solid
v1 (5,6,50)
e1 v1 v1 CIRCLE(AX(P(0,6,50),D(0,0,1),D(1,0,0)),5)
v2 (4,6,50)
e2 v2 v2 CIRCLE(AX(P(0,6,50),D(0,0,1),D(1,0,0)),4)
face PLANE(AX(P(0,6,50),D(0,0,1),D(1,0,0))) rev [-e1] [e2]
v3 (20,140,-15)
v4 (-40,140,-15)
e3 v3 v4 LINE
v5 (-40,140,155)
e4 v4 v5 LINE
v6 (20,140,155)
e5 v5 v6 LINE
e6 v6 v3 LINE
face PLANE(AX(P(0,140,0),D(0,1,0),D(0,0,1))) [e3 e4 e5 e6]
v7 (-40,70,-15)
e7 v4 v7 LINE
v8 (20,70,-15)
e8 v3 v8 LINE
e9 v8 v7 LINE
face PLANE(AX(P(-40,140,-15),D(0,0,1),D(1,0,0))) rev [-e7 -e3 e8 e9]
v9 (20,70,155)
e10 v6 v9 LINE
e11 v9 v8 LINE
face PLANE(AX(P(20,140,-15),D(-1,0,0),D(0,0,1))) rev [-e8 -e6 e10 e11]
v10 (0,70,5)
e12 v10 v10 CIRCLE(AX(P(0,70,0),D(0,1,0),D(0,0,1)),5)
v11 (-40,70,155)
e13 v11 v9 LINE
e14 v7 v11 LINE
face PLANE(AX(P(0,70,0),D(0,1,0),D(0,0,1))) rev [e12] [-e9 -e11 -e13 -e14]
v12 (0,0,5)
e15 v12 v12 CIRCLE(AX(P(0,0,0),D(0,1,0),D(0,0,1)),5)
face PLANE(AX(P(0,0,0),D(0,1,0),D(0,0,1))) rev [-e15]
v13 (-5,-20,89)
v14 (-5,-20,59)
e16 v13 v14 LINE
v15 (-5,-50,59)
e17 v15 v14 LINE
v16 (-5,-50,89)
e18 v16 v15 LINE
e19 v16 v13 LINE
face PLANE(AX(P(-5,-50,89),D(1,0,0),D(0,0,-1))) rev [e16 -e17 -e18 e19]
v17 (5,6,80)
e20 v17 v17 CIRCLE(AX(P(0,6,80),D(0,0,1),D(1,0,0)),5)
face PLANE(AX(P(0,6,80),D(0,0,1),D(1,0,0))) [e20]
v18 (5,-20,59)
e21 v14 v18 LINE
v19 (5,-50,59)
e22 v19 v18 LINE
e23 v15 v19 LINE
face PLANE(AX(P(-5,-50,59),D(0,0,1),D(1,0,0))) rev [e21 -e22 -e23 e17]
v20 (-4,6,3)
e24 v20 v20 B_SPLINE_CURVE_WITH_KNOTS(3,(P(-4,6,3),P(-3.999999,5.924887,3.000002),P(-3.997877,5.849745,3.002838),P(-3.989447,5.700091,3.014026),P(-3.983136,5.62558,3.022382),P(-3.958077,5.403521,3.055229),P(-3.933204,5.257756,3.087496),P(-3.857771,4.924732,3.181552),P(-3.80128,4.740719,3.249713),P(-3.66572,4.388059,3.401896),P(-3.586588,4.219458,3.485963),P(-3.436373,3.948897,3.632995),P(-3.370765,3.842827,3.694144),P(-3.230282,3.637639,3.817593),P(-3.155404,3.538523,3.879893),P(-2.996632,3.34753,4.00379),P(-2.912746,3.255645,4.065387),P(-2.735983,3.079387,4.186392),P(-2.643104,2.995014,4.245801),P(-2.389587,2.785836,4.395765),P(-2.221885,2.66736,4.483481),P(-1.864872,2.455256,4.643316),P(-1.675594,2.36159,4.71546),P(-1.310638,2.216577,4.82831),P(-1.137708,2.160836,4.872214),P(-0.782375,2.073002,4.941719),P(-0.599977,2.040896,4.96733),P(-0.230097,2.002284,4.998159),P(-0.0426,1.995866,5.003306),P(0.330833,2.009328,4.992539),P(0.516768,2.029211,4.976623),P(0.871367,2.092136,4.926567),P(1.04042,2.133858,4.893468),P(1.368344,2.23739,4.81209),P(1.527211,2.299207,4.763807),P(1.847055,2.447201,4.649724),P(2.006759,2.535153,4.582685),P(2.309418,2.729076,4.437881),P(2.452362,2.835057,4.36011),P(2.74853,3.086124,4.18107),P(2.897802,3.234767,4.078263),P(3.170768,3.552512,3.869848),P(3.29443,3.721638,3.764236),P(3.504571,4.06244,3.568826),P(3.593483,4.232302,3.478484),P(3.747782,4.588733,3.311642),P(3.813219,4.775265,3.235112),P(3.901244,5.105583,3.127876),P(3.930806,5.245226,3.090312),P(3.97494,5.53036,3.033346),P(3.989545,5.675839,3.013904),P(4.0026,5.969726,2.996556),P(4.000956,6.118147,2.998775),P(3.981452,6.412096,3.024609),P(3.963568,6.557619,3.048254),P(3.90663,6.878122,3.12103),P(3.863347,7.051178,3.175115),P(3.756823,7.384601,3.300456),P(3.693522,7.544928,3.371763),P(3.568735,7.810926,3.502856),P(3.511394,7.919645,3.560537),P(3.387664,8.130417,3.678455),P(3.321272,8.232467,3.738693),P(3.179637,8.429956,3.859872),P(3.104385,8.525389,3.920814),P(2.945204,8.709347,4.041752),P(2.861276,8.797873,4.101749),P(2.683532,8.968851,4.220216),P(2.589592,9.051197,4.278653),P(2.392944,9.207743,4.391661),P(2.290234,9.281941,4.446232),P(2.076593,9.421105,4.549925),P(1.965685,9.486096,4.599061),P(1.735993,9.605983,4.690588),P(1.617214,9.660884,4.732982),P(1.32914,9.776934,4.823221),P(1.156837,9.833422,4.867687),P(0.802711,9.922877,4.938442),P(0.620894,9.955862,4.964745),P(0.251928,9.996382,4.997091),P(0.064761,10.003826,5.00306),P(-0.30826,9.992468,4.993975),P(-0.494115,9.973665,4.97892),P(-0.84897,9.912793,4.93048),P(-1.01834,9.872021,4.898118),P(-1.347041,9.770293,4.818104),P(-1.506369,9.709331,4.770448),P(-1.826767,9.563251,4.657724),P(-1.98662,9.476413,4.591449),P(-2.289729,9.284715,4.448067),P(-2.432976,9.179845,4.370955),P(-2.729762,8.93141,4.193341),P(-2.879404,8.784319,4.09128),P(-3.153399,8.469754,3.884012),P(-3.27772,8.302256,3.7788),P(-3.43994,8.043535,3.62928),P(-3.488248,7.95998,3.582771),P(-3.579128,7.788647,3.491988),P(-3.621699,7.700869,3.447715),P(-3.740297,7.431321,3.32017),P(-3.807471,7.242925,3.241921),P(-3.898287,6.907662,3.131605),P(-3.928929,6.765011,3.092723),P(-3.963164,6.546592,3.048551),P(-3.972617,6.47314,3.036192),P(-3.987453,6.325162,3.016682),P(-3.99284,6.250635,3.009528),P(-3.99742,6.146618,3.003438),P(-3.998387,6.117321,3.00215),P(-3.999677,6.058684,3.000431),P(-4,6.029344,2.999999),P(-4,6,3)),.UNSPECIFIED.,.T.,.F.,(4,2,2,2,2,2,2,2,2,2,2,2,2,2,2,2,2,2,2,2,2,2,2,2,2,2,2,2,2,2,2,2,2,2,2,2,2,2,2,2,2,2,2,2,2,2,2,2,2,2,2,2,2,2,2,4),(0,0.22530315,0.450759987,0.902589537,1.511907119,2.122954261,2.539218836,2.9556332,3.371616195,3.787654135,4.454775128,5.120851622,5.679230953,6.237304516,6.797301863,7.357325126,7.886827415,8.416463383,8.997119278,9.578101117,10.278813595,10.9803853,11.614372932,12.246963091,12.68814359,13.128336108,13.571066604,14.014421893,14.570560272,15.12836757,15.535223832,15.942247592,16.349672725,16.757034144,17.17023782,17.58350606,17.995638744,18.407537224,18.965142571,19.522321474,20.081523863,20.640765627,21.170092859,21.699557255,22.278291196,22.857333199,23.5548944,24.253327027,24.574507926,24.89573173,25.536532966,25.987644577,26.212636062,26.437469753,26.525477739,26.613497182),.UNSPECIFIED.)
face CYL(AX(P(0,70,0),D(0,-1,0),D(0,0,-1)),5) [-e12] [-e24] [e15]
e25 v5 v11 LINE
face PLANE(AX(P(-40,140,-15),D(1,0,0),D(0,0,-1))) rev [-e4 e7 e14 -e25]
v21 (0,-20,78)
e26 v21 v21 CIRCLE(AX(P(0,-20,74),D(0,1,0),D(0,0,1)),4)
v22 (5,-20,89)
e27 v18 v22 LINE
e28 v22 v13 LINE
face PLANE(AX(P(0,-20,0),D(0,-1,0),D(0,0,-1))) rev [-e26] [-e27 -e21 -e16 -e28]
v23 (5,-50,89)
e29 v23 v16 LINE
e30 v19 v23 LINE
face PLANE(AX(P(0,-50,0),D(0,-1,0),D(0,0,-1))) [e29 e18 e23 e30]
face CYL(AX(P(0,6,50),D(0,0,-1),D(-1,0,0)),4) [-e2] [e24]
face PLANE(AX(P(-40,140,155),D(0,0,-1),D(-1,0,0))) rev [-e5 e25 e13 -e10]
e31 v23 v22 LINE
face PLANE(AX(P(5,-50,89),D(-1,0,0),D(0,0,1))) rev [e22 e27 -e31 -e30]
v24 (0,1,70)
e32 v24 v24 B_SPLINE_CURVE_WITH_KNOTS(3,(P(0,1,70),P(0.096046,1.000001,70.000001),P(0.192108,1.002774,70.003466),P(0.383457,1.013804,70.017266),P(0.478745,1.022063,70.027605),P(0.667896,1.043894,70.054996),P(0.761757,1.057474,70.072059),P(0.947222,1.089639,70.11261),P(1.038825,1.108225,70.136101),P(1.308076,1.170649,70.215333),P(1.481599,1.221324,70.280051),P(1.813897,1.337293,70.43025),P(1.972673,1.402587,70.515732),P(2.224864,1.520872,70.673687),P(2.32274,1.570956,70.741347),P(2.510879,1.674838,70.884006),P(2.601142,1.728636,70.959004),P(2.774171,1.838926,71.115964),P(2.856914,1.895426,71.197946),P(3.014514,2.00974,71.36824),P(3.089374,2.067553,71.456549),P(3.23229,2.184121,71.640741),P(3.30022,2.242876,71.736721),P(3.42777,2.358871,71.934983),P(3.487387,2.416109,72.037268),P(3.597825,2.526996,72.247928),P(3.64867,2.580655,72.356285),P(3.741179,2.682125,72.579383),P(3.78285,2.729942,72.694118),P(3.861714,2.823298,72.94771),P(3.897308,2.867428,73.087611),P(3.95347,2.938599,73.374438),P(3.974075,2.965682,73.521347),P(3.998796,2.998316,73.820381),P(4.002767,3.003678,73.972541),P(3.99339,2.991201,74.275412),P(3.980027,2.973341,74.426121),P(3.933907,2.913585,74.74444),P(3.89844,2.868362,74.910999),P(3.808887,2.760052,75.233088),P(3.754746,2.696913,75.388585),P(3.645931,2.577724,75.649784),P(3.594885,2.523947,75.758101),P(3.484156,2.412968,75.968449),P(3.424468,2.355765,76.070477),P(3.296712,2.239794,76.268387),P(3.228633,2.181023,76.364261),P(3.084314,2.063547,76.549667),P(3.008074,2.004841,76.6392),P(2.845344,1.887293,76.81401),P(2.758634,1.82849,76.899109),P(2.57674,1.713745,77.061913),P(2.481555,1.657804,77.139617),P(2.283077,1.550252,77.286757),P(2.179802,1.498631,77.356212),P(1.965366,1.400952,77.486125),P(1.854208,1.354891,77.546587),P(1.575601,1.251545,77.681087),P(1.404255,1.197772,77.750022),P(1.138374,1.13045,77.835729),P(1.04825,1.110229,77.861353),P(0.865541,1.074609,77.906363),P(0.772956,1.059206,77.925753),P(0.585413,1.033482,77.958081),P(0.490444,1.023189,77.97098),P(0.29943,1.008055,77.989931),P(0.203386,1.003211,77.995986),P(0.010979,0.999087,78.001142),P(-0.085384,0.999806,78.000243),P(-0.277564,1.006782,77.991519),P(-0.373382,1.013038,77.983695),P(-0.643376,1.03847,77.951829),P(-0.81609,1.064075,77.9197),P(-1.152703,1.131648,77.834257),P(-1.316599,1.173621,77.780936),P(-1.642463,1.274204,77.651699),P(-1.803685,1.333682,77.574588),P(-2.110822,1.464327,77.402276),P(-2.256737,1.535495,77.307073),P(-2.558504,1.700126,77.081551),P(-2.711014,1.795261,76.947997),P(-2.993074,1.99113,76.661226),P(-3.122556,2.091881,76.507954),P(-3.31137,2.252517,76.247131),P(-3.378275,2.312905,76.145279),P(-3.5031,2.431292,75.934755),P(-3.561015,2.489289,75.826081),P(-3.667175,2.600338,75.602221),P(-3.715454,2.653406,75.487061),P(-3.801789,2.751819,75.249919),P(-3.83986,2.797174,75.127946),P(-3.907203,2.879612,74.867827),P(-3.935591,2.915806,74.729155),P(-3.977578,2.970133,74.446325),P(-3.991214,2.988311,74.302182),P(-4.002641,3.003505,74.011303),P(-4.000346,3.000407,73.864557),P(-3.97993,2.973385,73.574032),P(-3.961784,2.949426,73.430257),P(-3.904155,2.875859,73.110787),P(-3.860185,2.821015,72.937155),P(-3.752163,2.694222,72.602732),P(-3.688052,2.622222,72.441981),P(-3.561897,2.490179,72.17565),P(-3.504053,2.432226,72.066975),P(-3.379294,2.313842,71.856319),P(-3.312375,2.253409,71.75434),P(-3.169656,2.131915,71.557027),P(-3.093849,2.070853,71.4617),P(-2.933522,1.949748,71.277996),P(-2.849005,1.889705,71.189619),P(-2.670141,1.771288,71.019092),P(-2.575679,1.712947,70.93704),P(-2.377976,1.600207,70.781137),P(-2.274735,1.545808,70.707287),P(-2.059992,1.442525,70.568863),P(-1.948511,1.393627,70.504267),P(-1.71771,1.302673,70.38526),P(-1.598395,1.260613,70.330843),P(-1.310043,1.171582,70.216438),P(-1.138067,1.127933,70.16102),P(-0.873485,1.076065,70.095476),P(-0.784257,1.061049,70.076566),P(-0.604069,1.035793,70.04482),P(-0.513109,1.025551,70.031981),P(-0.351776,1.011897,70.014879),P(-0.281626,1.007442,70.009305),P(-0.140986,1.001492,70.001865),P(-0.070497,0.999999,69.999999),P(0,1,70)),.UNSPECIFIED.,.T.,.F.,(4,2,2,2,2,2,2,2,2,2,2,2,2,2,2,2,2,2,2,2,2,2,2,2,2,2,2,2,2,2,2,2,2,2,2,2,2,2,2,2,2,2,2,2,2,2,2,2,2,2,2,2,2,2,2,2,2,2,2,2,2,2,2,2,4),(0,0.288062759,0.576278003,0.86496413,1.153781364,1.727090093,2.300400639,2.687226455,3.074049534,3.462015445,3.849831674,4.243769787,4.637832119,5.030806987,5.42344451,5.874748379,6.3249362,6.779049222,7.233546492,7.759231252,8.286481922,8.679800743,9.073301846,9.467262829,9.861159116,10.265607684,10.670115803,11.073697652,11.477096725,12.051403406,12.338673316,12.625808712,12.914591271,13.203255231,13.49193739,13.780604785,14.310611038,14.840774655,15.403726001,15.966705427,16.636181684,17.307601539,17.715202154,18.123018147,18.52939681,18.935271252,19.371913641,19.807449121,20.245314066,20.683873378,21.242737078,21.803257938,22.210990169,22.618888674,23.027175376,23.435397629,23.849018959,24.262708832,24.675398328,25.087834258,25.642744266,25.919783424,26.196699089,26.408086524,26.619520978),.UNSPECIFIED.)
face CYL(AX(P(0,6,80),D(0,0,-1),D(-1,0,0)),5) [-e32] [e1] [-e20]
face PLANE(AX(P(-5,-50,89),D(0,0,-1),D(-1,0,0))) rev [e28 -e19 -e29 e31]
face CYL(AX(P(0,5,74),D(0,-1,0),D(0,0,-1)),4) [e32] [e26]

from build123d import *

# Parameters (mm, degrees)
CROQUIS5_R                   = 5
SALIENTE_EXTRUIR2_DEPTH      = 70
CROQUIS6_R                   = 4
SALIENTE_EXTRUIR3_DEPTH      = 50
CROQUIS7_R                   = 5
SALIENTE_EXTRUIR4_DEPTH      = 30
SALIENTE_EXTRUIR5_DEPTH      = 5
SALIENTE_EXTRUIR5_DEPTH_BACK = 20
CROQUIS8_R                   = 4
CROQUIS10_W                  = 10
CROQUIS10_H                  = 30
SALIENTE_EXTRUIR6_DEPTH      = 30
CROQUIS11_W                  = 60
CROQUIS11_H                  = 170
SALIENTE_EXTRUIR7_DEPTH      = 70


with BuildPart() as part:
    # Croquis5 → Saliente-Extruir2 (new body)
    with BuildSketch(Plane(origin=(0, 0, 0), x_dir=(1, 0, 0), z_dir=(0, 1, 0))):
        with Locations(Location((0, 0, 0), (0, 0, 270))):
            Circle(CROQUIS5_R)
    extrude(amount=SALIENTE_EXTRUIR2_DEPTH)

    # Croquis6 → Saliente-Extruir3 (add)
    with BuildSketch(Plane.XY):
        with Locations(Location((0, 6, 0), (0, 0, 180))):
            Circle(CROQUIS6_R)
    extrude(amount=SALIENTE_EXTRUIR3_DEPTH)

    # Croquis7 → Saliente-Extruir4 (add)
    with BuildSketch(Plane.XY.offset(50)):
        with Locations((0, 6)):
            Circle(CROQUIS7_R)
    extrude(amount=SALIENTE_EXTRUIR4_DEPTH)

    # Croquis8 → Saliente-Extruir5 (add, two sides: drawn at the far end of the back side and taken through both)
    with BuildSketch(Plane(origin=(0, 0, 0), x_dir=(1, 0, 0), z_dir=(0, 1, 0)).offset(-SALIENTE_EXTRUIR5_DEPTH_BACK)):
        with Locations(Location((0, -74, 0), (0, 0, 90))):
            Circle(CROQUIS8_R)
    extrude(amount=SALIENTE_EXTRUIR5_DEPTH + SALIENTE_EXTRUIR5_DEPTH_BACK)

    # Croquis10 → Saliente-Extruir6 (add)
    with BuildSketch(Plane.XZ.offset(20)):
        with Locations((0, 74)):
            Rectangle(CROQUIS10_W, CROQUIS10_H)
    extrude(amount=SALIENTE_EXTRUIR6_DEPTH)

    # Croquis11 → Saliente-Extruir7 (add)
    with BuildSketch(Plane(origin=(0, 70, 0), x_dir=(1, 0, 0), z_dir=(0, 1, 0))):
        with Locations((-10, -70)):
            Rectangle(CROQUIS11_W, CROQUIS11_H)
    extrude(amount=SALIENTE_EXTRUIR7_DEPTH)


solid = part.part
